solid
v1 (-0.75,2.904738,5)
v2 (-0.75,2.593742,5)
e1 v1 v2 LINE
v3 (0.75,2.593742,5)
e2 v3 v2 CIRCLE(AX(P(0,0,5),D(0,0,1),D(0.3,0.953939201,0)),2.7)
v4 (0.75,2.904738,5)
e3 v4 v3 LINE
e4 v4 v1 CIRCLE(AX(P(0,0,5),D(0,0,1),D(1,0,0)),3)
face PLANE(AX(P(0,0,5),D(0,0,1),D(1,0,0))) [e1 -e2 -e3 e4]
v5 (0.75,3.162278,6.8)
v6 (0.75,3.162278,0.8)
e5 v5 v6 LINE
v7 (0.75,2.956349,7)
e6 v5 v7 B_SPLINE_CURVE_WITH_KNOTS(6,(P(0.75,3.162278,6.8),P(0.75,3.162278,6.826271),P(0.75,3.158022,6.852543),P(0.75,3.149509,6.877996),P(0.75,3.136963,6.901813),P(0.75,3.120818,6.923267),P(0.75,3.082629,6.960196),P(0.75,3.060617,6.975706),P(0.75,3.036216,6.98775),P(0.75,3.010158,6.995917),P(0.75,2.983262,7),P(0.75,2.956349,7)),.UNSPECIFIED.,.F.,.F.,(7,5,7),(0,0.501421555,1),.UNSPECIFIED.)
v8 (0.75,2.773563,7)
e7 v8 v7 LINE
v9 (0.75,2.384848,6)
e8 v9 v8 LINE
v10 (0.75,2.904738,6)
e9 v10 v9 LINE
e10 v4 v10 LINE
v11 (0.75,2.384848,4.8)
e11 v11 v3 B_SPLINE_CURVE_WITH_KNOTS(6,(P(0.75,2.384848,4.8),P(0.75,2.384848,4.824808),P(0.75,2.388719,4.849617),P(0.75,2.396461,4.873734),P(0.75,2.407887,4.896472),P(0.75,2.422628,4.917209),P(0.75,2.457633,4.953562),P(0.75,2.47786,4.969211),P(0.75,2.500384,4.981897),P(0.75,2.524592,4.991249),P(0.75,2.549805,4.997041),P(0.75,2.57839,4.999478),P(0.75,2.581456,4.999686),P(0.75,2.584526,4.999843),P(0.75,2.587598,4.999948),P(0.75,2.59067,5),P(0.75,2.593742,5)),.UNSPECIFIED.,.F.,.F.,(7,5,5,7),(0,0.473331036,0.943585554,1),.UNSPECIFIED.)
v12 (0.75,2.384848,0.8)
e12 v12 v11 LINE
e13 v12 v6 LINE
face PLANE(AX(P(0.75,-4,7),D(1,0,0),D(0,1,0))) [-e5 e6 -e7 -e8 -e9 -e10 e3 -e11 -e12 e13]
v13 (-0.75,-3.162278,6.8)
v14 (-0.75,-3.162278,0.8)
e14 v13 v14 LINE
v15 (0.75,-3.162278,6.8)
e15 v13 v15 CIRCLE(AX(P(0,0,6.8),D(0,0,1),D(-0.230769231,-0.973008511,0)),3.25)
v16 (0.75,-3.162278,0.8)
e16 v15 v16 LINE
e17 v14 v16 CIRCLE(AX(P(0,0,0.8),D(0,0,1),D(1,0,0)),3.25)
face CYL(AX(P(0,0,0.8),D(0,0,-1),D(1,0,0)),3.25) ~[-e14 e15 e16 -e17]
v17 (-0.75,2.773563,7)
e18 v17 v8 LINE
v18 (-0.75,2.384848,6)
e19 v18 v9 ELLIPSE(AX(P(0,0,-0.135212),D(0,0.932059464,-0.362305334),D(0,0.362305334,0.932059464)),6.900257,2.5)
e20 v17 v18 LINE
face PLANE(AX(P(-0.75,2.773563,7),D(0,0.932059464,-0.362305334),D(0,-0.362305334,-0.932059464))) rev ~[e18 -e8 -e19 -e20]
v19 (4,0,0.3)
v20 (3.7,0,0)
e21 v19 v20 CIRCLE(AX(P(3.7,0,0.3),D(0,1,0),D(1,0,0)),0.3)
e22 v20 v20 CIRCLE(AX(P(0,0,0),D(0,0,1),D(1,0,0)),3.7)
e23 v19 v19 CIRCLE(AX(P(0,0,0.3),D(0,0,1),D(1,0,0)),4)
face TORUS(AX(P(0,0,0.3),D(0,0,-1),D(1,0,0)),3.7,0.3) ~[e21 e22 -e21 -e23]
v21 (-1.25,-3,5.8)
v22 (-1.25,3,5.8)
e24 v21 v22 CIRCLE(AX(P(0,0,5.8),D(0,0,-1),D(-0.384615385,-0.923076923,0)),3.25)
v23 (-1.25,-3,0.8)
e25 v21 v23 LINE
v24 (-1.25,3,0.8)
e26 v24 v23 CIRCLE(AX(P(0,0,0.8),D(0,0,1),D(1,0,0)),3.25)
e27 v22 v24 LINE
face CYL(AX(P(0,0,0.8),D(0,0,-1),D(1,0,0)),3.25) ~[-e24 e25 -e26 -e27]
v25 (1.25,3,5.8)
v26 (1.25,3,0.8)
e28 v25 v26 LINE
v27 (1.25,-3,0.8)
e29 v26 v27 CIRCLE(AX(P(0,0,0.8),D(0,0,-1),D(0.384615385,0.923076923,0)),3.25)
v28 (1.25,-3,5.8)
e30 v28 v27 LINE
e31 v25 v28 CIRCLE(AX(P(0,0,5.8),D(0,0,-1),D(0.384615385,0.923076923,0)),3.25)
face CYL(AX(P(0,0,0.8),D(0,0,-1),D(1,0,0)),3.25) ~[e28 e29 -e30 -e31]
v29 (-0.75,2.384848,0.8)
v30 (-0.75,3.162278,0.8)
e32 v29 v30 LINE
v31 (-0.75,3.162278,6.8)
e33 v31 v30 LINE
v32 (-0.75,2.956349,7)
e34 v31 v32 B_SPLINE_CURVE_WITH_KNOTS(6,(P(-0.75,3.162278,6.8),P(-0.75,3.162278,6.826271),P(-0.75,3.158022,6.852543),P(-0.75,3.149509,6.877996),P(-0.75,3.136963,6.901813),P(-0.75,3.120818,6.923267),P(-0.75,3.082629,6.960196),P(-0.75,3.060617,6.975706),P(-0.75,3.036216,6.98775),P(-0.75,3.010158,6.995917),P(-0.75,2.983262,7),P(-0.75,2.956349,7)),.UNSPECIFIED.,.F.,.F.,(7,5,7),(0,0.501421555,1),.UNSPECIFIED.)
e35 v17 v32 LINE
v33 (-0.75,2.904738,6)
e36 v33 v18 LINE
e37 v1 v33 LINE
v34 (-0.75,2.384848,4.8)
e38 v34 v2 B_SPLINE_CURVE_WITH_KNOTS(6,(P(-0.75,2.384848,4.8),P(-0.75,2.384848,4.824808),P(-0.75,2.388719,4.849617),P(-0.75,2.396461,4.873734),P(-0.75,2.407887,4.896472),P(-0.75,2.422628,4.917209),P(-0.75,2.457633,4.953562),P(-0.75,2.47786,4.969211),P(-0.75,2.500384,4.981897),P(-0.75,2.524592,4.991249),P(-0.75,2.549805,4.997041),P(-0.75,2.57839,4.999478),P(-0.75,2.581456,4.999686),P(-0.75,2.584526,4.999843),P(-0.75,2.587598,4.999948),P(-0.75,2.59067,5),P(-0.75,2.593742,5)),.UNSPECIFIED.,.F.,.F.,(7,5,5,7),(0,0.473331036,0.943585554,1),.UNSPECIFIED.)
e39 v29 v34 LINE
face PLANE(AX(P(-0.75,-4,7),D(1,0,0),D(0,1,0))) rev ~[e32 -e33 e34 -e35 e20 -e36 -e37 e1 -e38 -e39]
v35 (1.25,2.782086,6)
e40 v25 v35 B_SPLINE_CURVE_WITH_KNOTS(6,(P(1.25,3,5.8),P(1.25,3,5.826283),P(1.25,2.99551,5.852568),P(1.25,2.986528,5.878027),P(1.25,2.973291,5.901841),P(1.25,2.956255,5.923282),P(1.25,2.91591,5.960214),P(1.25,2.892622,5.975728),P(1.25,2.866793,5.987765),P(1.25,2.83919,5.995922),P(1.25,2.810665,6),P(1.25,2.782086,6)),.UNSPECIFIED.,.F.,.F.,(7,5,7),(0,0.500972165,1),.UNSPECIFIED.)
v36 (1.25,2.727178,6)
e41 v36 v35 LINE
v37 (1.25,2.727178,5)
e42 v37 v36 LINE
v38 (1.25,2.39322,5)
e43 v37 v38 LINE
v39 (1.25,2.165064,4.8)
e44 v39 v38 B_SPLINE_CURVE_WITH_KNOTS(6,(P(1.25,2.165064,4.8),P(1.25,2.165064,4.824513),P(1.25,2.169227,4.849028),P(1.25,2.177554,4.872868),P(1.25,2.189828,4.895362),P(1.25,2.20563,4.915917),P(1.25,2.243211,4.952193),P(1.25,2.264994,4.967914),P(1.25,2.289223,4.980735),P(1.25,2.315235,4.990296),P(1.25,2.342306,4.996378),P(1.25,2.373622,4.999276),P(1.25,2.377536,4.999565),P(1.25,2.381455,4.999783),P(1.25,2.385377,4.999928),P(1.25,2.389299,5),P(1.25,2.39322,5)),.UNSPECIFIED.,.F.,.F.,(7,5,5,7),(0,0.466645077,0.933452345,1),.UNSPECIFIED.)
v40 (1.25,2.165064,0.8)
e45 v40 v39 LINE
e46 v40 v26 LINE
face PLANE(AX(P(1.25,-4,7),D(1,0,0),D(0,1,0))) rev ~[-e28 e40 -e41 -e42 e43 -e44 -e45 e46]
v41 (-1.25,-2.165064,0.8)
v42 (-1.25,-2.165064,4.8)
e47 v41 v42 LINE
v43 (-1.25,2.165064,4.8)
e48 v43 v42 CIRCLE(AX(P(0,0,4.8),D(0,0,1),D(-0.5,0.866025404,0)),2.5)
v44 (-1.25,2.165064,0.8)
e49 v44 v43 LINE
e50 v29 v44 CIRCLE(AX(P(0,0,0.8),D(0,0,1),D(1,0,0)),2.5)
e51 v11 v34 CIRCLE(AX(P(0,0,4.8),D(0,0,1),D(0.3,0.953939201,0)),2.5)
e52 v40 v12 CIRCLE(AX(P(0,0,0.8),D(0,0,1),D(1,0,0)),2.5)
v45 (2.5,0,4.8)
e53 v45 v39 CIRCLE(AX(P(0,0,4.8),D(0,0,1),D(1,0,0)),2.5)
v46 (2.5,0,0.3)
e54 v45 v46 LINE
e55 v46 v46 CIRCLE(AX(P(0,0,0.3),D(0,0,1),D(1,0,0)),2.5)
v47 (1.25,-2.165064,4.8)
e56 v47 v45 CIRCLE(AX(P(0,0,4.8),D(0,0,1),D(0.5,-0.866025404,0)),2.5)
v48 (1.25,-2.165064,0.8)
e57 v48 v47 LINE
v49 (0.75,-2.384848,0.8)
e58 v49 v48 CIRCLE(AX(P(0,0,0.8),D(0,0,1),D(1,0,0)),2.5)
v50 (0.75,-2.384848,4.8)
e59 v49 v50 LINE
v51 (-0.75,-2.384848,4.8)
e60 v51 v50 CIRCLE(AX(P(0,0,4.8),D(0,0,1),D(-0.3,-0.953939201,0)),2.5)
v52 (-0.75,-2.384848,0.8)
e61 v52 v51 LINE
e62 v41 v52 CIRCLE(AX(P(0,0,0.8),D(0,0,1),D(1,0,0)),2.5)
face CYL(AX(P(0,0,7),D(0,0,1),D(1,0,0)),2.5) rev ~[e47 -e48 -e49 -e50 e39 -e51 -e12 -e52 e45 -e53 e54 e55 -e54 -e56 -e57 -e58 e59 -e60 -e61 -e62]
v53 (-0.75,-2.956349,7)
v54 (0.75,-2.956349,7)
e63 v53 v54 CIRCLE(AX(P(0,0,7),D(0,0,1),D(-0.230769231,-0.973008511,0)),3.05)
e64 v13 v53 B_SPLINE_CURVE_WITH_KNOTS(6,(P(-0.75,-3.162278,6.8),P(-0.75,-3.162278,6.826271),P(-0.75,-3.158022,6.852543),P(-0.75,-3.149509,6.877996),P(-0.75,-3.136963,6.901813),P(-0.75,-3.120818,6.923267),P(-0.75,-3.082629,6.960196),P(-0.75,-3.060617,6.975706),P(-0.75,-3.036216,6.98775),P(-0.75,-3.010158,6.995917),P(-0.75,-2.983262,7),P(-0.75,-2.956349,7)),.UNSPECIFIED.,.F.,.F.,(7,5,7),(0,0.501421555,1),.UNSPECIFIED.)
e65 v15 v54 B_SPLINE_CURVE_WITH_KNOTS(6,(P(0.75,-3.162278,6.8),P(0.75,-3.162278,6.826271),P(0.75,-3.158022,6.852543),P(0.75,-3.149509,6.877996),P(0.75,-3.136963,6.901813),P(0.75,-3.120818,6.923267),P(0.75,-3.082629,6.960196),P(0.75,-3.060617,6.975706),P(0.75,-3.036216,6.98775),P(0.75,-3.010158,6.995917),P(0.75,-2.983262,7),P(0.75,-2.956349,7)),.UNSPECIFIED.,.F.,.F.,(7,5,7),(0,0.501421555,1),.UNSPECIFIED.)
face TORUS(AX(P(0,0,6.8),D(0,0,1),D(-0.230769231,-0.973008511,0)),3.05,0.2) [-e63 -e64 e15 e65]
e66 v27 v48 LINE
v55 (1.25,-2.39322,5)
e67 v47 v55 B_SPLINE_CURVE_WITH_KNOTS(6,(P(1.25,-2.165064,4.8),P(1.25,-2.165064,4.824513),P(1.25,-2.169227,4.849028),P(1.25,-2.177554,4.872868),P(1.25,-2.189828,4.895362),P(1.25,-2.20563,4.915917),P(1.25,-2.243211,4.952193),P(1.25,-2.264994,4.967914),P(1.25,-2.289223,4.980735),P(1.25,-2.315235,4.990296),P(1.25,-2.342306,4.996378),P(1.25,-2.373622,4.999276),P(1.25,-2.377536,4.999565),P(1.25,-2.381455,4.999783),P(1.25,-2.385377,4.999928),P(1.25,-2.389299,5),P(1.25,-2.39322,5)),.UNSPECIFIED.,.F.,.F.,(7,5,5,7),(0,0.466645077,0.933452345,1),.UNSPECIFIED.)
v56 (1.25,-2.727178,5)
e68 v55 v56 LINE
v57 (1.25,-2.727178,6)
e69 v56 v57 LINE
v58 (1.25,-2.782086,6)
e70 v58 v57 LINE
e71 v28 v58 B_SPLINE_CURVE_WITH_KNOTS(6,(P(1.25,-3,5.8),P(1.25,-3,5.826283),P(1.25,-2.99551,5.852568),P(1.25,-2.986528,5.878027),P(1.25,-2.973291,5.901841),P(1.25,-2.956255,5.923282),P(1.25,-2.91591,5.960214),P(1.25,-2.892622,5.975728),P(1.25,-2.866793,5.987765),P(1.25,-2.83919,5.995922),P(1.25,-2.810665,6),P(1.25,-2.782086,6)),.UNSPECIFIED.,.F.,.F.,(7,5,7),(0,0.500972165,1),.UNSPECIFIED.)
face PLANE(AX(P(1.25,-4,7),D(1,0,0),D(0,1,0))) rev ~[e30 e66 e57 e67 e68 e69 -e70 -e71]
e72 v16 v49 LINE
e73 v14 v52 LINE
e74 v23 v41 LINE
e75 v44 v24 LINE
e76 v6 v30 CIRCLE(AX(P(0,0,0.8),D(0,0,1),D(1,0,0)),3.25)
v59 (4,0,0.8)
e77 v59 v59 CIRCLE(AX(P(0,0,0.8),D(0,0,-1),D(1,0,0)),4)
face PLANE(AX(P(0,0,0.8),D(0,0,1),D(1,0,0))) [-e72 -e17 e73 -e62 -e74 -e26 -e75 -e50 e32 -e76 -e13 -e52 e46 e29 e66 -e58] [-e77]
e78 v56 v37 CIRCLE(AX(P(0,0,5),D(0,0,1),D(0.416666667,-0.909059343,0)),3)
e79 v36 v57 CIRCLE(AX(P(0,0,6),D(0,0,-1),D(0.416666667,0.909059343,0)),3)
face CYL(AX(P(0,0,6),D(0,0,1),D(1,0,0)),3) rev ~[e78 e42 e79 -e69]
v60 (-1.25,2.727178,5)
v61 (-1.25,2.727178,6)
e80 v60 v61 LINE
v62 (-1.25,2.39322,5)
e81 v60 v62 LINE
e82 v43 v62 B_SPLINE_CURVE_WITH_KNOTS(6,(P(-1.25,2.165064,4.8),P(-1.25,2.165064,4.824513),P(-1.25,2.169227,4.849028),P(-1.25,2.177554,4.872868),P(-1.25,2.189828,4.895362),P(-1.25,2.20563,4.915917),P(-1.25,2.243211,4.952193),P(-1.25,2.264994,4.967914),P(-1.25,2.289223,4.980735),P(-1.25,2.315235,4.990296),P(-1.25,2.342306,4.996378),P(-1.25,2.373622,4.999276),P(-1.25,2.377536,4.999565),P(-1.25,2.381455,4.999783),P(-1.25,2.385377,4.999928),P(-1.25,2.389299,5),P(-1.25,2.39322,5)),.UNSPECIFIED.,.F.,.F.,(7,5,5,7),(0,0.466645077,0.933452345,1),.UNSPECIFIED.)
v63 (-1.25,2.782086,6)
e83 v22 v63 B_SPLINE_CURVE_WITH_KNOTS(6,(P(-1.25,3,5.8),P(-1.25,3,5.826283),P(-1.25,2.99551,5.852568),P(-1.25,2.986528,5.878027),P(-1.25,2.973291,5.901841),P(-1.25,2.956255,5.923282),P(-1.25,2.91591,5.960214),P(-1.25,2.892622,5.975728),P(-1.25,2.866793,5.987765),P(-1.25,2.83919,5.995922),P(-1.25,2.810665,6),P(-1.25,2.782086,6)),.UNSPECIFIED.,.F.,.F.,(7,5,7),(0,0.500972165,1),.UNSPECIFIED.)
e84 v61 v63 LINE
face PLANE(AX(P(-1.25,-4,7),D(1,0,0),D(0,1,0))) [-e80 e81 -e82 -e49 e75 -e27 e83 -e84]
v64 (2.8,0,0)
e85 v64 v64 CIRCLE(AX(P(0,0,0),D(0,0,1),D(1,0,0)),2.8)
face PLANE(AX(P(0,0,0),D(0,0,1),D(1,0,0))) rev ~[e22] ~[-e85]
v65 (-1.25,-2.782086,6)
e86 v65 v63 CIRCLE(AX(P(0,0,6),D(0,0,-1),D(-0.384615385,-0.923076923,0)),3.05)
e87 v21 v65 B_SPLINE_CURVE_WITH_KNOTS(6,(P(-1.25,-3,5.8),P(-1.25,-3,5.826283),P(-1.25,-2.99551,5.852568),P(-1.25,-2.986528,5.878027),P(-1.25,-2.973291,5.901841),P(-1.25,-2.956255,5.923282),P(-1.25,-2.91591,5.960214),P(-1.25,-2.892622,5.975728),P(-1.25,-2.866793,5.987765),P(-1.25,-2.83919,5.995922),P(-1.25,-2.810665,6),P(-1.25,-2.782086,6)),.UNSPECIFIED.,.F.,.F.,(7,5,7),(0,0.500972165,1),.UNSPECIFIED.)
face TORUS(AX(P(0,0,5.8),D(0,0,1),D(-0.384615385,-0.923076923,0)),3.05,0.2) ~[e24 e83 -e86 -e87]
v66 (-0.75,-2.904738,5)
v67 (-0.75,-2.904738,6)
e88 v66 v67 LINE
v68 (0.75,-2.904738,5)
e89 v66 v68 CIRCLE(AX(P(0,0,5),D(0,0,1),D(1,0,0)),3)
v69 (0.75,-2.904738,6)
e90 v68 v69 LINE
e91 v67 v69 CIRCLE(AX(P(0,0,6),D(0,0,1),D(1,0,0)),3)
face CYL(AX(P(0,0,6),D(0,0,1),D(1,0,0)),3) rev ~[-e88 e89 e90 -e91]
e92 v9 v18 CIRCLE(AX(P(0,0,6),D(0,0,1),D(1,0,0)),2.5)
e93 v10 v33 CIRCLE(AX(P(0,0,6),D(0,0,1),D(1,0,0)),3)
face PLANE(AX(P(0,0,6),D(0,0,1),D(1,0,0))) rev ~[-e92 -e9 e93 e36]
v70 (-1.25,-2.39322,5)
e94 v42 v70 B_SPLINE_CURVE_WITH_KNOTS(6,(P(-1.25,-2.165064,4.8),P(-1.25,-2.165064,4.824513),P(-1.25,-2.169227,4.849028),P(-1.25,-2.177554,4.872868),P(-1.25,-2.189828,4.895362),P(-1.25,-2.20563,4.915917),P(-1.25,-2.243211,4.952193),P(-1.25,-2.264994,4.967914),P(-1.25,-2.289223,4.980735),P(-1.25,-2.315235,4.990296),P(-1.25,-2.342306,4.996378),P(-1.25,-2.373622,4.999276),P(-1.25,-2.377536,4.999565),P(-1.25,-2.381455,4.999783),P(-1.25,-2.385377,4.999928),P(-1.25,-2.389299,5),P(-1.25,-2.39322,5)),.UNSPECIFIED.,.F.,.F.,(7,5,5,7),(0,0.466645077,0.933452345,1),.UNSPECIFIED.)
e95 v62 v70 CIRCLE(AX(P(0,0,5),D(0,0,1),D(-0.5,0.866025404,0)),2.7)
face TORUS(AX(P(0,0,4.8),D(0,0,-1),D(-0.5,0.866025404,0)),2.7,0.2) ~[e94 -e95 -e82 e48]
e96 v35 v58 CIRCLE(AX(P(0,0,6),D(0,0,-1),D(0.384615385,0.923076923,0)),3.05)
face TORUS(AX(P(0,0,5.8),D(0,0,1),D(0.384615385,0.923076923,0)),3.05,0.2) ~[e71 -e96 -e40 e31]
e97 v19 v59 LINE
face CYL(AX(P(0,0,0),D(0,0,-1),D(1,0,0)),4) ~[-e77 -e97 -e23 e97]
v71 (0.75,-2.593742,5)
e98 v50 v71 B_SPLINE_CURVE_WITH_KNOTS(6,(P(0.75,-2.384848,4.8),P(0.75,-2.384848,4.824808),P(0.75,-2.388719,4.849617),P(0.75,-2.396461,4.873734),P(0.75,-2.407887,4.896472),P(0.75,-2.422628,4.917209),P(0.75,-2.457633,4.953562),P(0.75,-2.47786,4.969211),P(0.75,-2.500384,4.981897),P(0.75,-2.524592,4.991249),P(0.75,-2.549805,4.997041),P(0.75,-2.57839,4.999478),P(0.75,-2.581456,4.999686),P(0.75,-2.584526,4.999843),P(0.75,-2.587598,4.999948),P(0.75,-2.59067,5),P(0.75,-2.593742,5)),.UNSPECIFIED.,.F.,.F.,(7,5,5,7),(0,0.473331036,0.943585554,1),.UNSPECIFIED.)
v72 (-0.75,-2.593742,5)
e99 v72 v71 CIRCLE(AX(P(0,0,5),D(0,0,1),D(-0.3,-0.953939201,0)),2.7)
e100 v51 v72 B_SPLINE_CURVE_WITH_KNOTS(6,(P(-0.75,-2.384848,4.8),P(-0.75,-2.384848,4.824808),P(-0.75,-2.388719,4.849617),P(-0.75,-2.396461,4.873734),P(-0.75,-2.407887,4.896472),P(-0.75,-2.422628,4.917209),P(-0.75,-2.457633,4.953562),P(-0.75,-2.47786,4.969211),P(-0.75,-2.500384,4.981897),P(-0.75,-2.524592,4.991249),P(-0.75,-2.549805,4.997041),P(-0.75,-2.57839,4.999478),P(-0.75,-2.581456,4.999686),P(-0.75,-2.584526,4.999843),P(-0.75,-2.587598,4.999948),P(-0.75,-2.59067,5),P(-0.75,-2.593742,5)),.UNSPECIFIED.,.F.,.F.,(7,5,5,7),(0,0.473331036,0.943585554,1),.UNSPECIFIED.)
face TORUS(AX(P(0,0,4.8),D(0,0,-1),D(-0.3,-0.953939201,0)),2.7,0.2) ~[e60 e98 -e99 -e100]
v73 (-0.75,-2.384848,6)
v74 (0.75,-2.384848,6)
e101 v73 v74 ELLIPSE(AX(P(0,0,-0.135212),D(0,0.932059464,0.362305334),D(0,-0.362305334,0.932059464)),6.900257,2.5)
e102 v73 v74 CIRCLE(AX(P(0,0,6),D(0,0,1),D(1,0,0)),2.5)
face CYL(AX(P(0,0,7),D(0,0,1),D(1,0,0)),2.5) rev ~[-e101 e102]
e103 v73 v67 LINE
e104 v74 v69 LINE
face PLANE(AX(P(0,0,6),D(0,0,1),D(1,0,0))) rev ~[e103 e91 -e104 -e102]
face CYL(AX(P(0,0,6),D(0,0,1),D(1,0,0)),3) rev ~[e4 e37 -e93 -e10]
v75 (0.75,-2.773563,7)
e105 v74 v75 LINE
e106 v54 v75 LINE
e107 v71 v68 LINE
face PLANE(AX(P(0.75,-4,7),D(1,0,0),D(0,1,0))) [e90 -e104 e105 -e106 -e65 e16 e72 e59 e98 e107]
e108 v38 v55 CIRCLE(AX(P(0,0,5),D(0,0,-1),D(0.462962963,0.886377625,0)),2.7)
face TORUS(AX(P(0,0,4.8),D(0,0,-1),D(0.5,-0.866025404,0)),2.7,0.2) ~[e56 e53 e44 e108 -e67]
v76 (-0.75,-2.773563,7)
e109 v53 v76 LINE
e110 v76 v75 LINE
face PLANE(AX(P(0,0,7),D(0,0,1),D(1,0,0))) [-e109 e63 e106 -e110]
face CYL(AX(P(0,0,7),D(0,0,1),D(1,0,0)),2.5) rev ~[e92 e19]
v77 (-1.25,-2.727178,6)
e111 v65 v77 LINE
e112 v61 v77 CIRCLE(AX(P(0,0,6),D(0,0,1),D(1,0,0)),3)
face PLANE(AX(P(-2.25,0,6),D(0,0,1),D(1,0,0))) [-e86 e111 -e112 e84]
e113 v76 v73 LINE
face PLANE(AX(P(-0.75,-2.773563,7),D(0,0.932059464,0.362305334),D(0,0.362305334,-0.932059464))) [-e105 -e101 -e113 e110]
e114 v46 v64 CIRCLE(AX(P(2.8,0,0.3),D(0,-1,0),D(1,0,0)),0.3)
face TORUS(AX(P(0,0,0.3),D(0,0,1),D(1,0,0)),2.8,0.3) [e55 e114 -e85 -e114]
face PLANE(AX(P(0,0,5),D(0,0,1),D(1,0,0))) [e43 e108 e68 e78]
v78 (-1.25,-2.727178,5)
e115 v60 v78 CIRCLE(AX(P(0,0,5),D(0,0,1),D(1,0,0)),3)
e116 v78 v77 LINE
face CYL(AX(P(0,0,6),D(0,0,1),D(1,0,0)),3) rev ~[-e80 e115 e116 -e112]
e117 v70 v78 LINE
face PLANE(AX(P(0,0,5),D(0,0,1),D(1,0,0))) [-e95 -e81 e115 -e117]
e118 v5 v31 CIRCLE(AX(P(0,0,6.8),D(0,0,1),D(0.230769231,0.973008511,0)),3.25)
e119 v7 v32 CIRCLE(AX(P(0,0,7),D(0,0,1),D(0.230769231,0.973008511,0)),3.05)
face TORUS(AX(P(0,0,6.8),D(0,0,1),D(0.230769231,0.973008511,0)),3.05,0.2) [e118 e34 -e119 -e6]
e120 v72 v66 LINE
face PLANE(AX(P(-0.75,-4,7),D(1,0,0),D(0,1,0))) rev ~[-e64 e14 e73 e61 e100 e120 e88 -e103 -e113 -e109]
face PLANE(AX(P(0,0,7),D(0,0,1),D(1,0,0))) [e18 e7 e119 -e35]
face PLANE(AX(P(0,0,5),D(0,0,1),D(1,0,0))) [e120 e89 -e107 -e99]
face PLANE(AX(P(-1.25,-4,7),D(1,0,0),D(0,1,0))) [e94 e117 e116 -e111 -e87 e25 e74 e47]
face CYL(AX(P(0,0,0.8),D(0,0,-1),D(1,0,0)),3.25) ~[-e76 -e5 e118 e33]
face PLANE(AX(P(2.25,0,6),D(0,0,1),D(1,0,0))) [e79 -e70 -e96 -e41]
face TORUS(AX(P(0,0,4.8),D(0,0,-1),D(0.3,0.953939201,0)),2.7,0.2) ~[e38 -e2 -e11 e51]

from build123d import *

# Parameters (mm, degrees)
SKETCH_1_R               = 4
EXTRUDE_1_DEPTH          = 0.8
SKETCH_2_R               = 3.25
EXTRUDE_2_DEPTH          = 6.2
SKETCH_3_R               = 2.5
CUT_EXTRUDE_1_DEPTH      = 1
CUT_EXTRUDE_1_DEPTH_BACK = 8
SKETCH_4_W               = 0.5
SKETCH_4_H               = 8
CUT_EXTRUDE_2_DEPTH      = 6.2
SKETCH_5_W               = 2
SKETCH_5_H               = 6
CUT_EXTRUDE_3_DEPTH      = 1
SKETCH_6_R               = 3
CUT_EXTRUDE_4_DEPTH      = 1
CUT_EXTRUDE_5_DEPTH      = 5.75
FILLET_1_R               = 0.3
FILLET_2_R               = 0.2


with BuildPart() as part:
    # Эскиз1 → Бобышка-Вытянуть1 (new body)
    with BuildSketch(Plane.XY):
        Circle(SKETCH_1_R)
    extrude(amount=EXTRUDE_1_DEPTH)

    # Эскиз2 → Бобышка-Вытянуть2 (add)
    with BuildSketch(Plane.XY.offset(0.8)):
        Circle(SKETCH_2_R)
    extrude(amount=EXTRUDE_2_DEPTH)

    # Эскиз3 → Вырез-Вытянуть1 (cut, two sides)
    with BuildSketch(Plane.XY.offset(7)) as cut_extrude_1_sk:
        Circle(SKETCH_3_R)
    extrude(amount=CUT_EXTRUDE_1_DEPTH, mode=Mode.SUBTRACT)
    extrude(cut_extrude_1_sk.sketch, amount=-CUT_EXTRUDE_1_DEPTH_BACK, mode=Mode.SUBTRACT)

    # Эскиз4 → Вырез-Вытянуть2 (cut)
    with BuildSketch(Plane.XY.offset(7)):
        with Locations((-1, 0)):
            Rectangle(SKETCH_4_W, SKETCH_4_H)
        with Locations((1, 0)):
            Rectangle(SKETCH_4_W, SKETCH_4_H)
    extrude(amount=-CUT_EXTRUDE_2_DEPTH, mode=Mode.SUBTRACT)

    # Эскиз5 → Вырез-Вытянуть3 (cut)
    with BuildSketch(Plane.XY.offset(7)):
        with Locations((-2.25, 0)):
            Rectangle(SKETCH_5_W, SKETCH_5_H)
        with Locations((2.25, 0)):
            Rectangle(SKETCH_5_W, SKETCH_5_H)
    extrude(amount=-CUT_EXTRUDE_3_DEPTH, mode=Mode.SUBTRACT)

    # Эскиз6 → Вырез-Вытянуть4 (cut)
    with BuildSketch(Plane.XY.offset(6)):
        Circle(SKETCH_6_R)
    extrude(amount=-CUT_EXTRUDE_4_DEPTH, mode=Mode.SUBTRACT)

    # Эскиз7 → Вырез-Вытянуть5 (cut, through all)
    with BuildSketch(Plane.ZY.offset(0.75)):
        Polygon((7, 2.773562832), (6, 2.384848004), (7, 2.384848004), align=None)
        Polygon((7, -2.773562832), (6, -2.384848004), (7, -2.384848004), align=None)
    extrude(amount=-CUT_EXTRUDE_5_DEPTH, mode=Mode.SUBTRACT)

    # Скругление1
    fillet_1_edges = [part.edges().sort_by_distance(p)[0] for p in [
        (-2.5, 0, 0),
        (-4, 0, 0),
    ]]
    fillet(fillet_1_edges, radius=FILLET_1_R)

    # Скругление2
    fillet_2_edges = [part.edges().sort_by_distance(p)[0] for p in [
        (-3.25, 0, 6),
        (3.25, 0, 6),
        (2.165063509, -1.25, 5),
        (0, -2.5, 5),
        (-2.5, 0, 5),
        (0, 2.5, 5),
        (0, -3.25, 7),
        (0, 3.25, 7),
    ]]
    fillet(fillet_2_edges, radius=FILLET_2_R)


solid = part.part
